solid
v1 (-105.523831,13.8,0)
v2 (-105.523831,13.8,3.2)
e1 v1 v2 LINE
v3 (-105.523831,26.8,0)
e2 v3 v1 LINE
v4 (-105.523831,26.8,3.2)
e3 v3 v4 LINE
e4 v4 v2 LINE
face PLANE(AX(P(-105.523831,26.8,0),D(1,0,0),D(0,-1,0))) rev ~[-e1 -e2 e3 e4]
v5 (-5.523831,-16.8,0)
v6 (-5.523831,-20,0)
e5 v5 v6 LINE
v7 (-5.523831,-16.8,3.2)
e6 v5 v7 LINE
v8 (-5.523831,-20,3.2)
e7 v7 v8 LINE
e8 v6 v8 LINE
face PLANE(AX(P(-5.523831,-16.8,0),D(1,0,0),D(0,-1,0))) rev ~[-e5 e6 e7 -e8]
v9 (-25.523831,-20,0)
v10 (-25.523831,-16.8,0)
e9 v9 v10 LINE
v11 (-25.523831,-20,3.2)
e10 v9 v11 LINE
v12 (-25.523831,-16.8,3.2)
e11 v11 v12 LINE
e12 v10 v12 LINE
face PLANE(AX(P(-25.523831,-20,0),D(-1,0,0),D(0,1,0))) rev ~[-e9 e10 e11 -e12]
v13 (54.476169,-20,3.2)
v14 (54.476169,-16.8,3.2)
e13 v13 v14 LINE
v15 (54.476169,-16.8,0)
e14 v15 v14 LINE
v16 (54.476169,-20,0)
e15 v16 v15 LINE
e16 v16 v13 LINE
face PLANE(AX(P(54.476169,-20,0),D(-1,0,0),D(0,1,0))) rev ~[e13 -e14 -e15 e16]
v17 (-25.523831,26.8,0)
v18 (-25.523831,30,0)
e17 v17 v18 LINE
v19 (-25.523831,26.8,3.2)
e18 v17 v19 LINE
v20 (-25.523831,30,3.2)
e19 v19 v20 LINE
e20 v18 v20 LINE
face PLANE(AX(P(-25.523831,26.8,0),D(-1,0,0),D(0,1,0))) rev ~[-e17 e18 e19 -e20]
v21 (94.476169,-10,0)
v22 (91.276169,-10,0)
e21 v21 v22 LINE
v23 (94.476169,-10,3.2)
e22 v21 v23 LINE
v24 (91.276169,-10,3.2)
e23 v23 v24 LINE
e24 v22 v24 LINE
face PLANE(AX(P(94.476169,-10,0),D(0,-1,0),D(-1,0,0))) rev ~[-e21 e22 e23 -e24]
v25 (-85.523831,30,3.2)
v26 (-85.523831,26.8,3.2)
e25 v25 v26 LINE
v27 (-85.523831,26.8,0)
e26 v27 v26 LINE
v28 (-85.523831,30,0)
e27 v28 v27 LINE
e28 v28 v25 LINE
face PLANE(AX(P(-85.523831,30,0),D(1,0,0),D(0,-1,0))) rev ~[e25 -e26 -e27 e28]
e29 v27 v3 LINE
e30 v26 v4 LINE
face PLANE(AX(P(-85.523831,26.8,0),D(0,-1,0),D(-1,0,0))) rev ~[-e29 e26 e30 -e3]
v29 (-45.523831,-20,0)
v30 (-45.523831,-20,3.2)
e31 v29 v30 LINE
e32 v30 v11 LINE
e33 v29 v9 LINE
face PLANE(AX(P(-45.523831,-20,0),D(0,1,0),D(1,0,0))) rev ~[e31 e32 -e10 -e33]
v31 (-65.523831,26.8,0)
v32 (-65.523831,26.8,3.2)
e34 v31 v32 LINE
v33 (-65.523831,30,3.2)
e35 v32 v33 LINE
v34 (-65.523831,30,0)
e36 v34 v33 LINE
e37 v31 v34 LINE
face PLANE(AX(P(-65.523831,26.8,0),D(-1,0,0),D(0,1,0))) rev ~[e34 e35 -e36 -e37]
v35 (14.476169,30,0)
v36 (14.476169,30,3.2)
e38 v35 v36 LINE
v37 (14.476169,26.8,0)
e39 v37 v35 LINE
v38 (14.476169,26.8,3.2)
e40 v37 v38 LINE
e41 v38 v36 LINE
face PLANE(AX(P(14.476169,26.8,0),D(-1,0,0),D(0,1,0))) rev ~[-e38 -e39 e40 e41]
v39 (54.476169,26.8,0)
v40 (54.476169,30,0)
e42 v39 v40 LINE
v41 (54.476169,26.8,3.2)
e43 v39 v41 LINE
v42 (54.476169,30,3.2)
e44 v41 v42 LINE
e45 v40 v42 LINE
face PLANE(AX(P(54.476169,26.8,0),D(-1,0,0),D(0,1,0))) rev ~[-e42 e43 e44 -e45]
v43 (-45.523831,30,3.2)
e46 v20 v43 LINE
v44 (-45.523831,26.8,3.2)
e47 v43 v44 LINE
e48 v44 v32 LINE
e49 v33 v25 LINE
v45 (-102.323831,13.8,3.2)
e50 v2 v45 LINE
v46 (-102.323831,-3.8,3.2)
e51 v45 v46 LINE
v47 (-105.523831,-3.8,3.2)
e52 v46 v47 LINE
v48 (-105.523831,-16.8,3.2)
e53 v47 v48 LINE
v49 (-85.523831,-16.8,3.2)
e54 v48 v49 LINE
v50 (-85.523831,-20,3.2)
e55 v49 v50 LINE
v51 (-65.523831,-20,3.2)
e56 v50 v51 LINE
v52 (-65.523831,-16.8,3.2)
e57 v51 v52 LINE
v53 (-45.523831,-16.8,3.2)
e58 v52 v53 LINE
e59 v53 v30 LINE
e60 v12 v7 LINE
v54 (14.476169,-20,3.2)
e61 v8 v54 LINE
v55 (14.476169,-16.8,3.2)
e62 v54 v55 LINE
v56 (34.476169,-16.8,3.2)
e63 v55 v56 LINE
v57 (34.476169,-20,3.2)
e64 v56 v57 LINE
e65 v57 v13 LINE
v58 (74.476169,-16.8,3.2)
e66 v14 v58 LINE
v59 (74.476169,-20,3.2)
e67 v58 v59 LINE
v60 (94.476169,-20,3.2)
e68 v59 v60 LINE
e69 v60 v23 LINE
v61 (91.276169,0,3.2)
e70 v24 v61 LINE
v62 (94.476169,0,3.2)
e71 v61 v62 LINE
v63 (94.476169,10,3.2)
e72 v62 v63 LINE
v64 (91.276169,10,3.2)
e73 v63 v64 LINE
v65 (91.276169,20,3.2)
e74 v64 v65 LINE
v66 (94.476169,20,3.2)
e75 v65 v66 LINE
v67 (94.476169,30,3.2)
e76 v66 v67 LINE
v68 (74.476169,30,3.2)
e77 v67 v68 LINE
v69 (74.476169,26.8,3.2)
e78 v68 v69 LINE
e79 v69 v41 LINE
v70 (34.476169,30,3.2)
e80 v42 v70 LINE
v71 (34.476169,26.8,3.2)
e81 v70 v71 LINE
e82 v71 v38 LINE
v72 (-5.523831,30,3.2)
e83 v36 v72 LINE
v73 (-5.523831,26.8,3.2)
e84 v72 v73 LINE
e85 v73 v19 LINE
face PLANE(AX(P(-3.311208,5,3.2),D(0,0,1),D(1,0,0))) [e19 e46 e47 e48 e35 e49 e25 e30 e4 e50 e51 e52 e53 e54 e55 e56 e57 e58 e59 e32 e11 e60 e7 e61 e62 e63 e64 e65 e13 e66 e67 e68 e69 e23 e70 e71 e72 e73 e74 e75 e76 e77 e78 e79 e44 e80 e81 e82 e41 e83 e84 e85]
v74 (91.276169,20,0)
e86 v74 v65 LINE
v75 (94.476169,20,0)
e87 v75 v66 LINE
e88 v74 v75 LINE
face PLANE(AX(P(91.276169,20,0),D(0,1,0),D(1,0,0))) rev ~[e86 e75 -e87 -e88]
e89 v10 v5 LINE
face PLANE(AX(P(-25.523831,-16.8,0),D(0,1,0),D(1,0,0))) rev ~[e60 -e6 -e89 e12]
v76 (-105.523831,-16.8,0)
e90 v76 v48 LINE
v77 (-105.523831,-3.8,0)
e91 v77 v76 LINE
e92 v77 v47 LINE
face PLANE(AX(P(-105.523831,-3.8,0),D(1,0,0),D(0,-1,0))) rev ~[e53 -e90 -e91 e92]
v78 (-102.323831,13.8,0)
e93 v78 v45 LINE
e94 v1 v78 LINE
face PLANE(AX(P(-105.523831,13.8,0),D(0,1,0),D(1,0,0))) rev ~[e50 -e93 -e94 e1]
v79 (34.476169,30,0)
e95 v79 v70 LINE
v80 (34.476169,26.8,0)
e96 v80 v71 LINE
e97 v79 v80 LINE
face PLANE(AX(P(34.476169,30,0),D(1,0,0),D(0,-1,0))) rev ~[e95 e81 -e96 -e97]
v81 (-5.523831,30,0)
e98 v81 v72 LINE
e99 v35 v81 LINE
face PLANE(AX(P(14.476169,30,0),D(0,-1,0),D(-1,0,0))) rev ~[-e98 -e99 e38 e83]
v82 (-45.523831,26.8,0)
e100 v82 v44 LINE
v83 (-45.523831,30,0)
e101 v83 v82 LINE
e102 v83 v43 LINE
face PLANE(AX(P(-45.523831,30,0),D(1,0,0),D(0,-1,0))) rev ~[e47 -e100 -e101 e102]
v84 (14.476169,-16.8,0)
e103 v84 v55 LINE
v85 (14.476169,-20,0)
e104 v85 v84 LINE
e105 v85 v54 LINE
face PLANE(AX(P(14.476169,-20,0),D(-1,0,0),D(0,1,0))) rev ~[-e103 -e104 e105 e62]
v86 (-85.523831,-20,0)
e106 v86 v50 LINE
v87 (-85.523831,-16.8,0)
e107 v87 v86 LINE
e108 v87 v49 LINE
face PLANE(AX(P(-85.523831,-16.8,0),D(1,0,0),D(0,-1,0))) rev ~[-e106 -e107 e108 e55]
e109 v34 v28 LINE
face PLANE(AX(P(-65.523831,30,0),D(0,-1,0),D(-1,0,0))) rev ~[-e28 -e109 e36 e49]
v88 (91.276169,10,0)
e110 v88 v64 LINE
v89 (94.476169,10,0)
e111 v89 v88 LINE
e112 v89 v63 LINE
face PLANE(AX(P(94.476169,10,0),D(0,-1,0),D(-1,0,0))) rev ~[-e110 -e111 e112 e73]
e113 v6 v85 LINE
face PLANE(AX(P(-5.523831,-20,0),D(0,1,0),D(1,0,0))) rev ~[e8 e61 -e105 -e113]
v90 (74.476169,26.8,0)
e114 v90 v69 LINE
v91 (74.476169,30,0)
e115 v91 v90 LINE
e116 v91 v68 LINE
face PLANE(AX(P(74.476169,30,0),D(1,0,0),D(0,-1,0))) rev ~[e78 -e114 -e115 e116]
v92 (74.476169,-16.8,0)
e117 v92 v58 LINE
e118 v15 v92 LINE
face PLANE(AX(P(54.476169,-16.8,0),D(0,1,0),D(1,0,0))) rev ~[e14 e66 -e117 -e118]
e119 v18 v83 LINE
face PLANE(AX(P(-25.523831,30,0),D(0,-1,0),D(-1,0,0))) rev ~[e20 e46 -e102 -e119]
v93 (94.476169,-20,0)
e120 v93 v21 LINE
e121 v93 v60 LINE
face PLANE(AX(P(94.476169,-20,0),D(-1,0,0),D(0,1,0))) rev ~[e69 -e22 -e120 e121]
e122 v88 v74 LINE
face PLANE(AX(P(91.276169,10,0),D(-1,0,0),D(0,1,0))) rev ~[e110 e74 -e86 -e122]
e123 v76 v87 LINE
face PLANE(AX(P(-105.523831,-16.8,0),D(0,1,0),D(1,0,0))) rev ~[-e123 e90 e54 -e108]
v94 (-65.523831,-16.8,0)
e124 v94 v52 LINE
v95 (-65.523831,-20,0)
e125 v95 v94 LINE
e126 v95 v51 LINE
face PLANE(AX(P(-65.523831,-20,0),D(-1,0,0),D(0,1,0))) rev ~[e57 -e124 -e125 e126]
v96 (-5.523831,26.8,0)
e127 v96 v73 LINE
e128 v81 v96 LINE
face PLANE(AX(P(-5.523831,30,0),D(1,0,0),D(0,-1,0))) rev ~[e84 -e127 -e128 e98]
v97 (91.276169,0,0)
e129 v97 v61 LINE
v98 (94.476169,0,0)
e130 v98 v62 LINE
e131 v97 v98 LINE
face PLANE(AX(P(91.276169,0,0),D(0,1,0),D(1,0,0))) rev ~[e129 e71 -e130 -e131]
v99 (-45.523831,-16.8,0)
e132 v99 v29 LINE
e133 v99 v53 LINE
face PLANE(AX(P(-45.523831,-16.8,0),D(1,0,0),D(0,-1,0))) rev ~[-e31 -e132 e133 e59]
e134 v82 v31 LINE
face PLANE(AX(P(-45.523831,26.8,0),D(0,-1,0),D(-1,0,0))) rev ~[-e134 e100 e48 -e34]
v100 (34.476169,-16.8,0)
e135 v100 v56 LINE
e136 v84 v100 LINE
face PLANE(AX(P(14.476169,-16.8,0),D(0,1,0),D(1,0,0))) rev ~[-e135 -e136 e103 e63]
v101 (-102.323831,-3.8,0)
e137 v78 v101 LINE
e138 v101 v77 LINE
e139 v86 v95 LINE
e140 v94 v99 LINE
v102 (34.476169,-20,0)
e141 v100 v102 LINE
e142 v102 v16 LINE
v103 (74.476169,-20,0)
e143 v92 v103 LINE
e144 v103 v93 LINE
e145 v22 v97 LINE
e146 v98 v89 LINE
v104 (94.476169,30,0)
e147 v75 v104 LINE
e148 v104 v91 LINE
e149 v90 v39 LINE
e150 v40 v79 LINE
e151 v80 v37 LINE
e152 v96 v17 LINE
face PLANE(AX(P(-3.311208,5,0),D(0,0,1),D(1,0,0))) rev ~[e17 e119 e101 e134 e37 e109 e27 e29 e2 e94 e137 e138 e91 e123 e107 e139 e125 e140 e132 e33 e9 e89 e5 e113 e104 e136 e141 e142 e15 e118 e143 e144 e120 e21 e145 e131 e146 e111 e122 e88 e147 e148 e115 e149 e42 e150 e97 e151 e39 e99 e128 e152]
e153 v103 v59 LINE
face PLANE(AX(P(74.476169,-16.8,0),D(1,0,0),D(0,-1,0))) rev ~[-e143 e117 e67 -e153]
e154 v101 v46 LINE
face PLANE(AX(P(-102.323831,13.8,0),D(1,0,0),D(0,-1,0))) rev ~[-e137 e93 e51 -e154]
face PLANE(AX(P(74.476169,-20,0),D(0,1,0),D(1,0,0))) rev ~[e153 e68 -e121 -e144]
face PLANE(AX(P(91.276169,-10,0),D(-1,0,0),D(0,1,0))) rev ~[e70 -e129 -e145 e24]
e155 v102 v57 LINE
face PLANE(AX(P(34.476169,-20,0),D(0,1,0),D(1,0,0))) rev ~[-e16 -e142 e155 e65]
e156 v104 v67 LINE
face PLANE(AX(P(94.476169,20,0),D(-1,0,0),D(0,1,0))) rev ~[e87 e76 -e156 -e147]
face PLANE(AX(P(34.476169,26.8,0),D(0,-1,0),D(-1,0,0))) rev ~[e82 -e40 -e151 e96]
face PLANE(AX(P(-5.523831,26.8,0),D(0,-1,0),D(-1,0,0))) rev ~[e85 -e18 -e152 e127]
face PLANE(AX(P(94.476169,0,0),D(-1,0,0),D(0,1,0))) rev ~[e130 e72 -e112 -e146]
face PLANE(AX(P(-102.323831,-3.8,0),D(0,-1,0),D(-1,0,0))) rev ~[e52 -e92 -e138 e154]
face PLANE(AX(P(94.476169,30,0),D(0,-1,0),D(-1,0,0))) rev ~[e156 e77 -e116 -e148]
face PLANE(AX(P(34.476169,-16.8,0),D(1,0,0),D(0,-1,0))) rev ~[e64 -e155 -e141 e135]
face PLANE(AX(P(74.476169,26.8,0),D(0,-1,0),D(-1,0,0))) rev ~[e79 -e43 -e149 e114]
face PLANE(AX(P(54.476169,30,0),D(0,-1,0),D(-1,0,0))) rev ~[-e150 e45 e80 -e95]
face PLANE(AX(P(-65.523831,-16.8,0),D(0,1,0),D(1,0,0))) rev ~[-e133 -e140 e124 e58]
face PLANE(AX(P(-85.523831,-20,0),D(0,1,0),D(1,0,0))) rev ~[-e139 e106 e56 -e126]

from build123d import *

# Parameters (mm, degrees)
F1_DEPTH = 3.2


with BuildPart() as f1:
    # F0 (on Top) → F1 (new body)
    with BuildSketch(Plane.XY):
        Polygon((-65.523831, 30), (-85.523831, 30), (-85.523831, 26.8), (-105.523831, 26.8), (-105.523831, 13.8), (-102.323831, 13.8), (-102.323831, -3.8), (-105.523831, -3.8), (-105.523831, -16.8), (-85.523831, -16.8), (-85.523831, -20), (-65.523831, -20), (-65.523831, -16.8), (-45.523831, -16.8), (-45.523831, -20), (-25.523831, -20), (-25.523831, -16.8), (-5.523831, -16.8), (-5.523831, -20), (14.476169, -20), (14.476169, -16.8), (34.476169, -16.8), (34.476169, -20), (54.476169, -20), (54.476169, -16.8), (74.476169, -16.8), (74.476169, -20), (94.476169, -20), (94.476169, -10), (91.276169, -10), (91.276169, 0), (94.476169, 0), (94.476169, 10), (91.276169, 10), (91.276169, 20), (94.476169, 20), (94.476169, 30), (74.476169, 30), (74.476169, 26.8), (54.476169, 26.8), (54.476169, 30), (34.476169, 30), (34.476169, 26.8), (14.476169, 26.8), (14.476169, 30), (-5.523831, 30), (-5.523831, 26.8), (-25.523831, 26.8), (-25.523831, 30), (-45.523831, 30), (-45.523831, 26.8), (-65.523831, 26.8), align=None)
    extrude(amount=F1_DEPTH)


solid = f1.part
